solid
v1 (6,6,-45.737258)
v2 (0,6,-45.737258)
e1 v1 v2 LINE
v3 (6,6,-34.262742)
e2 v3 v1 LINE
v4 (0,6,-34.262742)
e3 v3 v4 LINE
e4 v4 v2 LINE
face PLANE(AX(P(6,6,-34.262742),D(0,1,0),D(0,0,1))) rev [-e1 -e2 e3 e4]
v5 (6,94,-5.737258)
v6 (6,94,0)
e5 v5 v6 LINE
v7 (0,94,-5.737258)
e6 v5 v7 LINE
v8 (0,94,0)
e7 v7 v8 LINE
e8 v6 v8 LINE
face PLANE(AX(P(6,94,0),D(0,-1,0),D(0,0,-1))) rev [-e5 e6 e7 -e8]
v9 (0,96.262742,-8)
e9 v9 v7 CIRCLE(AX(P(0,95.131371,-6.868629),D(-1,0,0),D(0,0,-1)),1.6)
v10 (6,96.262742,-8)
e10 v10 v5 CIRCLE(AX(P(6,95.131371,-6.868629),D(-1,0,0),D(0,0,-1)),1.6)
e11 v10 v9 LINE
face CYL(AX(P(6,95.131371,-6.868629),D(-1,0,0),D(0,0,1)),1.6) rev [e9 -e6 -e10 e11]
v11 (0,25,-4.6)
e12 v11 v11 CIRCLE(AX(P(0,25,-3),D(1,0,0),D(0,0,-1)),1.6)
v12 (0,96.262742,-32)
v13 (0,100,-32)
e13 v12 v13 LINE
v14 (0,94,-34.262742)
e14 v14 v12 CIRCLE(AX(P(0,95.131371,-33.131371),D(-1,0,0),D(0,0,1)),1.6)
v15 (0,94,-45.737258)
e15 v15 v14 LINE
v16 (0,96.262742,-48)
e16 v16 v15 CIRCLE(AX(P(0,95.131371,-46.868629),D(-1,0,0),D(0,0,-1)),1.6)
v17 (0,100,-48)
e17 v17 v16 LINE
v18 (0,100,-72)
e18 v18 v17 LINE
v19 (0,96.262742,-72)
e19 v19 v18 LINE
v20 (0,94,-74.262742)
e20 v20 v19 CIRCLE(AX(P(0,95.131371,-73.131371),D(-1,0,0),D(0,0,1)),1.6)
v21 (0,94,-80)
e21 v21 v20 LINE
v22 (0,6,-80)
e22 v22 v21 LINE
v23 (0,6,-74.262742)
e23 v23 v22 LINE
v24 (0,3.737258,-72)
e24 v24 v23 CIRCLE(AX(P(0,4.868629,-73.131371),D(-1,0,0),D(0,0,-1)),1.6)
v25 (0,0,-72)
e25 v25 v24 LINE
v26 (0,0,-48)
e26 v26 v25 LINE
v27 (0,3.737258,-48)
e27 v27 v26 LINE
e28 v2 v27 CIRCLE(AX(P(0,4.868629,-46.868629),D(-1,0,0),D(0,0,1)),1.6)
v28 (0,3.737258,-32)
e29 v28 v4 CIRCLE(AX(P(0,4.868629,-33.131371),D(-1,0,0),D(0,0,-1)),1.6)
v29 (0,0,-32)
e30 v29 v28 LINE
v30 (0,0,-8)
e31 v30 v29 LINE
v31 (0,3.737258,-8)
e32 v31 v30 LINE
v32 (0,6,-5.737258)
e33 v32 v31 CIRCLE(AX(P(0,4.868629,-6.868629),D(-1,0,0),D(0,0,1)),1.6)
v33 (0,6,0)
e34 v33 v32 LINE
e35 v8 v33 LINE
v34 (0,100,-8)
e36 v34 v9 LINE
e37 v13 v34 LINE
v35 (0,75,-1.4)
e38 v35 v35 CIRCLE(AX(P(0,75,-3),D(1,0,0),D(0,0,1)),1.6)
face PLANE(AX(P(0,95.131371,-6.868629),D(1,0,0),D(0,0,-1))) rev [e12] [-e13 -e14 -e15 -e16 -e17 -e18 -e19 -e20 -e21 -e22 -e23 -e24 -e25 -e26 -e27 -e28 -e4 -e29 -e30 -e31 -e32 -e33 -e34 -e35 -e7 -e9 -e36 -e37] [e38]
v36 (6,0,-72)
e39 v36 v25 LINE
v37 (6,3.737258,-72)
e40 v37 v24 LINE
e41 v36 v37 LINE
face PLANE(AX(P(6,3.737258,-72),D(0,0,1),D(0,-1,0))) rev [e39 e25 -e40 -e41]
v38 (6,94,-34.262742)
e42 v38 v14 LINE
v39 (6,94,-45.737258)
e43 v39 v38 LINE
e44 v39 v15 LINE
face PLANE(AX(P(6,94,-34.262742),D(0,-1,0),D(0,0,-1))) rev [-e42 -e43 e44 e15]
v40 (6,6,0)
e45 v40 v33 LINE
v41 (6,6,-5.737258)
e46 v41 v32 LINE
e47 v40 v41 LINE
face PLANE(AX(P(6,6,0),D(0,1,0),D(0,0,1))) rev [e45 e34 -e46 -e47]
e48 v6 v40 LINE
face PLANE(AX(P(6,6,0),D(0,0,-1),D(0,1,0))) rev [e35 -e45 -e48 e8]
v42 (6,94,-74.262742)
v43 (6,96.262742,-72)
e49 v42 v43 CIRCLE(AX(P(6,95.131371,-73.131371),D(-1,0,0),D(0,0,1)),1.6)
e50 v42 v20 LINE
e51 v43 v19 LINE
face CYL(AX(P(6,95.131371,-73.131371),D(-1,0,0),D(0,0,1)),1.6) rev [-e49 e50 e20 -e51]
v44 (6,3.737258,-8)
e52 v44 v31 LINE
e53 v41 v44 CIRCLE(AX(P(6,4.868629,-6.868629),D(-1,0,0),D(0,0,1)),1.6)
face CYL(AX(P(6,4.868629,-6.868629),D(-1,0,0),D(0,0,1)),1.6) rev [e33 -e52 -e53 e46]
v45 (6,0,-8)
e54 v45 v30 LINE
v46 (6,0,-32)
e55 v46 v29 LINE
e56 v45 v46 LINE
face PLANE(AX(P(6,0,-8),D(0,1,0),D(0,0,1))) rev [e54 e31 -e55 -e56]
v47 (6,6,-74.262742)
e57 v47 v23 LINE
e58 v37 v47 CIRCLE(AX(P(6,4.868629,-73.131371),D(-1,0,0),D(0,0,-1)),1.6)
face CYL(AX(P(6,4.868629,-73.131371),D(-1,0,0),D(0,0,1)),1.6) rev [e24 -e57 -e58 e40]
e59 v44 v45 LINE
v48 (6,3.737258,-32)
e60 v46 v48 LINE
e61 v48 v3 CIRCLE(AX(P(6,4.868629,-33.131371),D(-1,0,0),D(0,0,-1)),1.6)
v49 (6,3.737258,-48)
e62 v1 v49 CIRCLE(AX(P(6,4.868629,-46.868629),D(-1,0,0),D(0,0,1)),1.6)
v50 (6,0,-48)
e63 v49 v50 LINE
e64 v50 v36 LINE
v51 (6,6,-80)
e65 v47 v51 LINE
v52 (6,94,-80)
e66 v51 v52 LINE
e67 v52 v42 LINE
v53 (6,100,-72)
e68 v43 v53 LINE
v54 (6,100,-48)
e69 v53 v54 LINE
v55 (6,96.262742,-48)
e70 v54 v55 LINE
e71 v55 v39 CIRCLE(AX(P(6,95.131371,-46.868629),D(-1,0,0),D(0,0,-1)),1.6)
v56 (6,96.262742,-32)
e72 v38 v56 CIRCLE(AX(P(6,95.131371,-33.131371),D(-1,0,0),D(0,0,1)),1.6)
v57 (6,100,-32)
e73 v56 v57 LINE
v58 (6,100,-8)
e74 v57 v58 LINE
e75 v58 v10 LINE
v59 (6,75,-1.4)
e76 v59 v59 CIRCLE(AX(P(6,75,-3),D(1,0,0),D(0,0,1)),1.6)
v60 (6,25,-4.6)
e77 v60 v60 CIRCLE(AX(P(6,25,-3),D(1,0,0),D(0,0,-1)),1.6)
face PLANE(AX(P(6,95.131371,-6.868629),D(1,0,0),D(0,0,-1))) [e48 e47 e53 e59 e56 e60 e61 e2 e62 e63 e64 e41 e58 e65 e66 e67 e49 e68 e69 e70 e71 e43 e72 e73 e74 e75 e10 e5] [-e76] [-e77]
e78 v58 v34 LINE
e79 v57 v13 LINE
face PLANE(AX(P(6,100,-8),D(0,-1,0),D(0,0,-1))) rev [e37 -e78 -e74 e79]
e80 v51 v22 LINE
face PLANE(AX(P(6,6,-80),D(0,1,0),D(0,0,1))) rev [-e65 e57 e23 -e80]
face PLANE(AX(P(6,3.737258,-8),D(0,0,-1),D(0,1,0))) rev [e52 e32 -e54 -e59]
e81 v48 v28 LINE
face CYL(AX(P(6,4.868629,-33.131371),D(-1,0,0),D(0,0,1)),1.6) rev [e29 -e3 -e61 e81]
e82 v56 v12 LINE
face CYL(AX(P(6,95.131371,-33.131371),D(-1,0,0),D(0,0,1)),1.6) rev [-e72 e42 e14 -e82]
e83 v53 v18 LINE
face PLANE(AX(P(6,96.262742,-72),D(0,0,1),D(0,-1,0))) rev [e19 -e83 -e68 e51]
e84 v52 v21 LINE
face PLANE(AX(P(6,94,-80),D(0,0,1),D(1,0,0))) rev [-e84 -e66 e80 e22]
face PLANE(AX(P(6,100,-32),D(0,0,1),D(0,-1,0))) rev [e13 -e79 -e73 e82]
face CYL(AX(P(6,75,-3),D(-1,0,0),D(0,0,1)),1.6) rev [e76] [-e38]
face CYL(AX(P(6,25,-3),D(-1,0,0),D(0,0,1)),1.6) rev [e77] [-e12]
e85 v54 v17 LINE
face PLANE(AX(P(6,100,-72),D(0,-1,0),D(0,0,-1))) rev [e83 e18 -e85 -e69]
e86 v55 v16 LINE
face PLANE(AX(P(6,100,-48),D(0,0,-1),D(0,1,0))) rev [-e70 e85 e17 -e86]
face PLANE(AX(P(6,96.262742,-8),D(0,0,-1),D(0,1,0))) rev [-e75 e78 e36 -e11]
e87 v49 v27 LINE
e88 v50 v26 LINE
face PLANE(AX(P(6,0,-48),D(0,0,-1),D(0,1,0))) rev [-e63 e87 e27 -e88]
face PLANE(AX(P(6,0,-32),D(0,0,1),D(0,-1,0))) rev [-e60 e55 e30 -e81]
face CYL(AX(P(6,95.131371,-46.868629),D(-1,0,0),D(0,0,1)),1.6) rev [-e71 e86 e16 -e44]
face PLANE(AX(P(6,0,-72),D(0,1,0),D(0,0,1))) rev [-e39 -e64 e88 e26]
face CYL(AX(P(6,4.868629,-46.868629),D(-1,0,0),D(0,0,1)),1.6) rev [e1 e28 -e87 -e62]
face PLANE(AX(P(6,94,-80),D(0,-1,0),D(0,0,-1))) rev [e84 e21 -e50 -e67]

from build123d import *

# Parameters (mm, degrees)
ESQUISSE1_R      = 1.6
EXTRUSION1_DEPTH = 6


with BuildPart() as part:
    # Esquisse1 → Extrusion1 (new body)
    with BuildSketch(Plane(origin=(0, 0, 0), x_dir=(0, 0, -1), z_dir=(1, 0, 0))):
        with BuildLine():
            Line((0, 94), (5.7372583, 94))
            ThreePointArc((5.7372583, 94), (8, 94), (8, 96.2627417))
            Line((8, 96.2627417), (8, 100))
            Line((8, 100), (32, 100))
            Line((32, 100), (32, 96.2627417))
            ThreePointArc((32, 96.2627417), (32, 94), (34.2627417, 94))
            Line((34.2627417, 94), (45.7372583, 94))
            ThreePointArc((45.7372583, 94), (48, 94), (48, 96.2627417))
            Line((48, 96.2627417), (48, 100))
            Line((48, 100), (72, 100))
            Line((72, 100), (72, 96.2627417))
            ThreePointArc((72, 96.2627417), (72, 94), (74.2627417, 94))
            Line((74.2627417, 94), (80, 94))
            Line((80, 94), (80, 6))
            Line((80, 6), (74.2627417, 6))
            ThreePointArc((74.2627417, 6), (72, 6), (72, 3.7372583))
            Line((72, 3.7372583), (72, 0))
            Line((72, 0), (48, 0))
            Line((48, 0), (48, 3.7372583))
            ThreePointArc((48, 3.7372583), (48, 6), (45.7372583, 6))
            Line((45.7372583, 6), (34.2627417, 6))
            ThreePointArc((34.2627417, 6), (32, 6), (32, 3.7372583))
            Line((32, 3.7372583), (32, 0))
            Line((32, 0), (8, 0))
            Line((8, 0), (8, 3.7372583))
            ThreePointArc((8, 3.7372583), (8, 6), (5.7372583, 6))
            Line((5.7372583, 6), (0, 6))
            Line((0, 6), (0, 94))
        make_face()
        with Locations((3, 25)):
            Circle(ESQUISSE1_R, mode=Mode.SUBTRACT)
        with Locations(Location((3, 75, 0), (0, 0, 180))):  # turned: the seam where the file's is
            Circle(ESQUISSE1_R, mode=Mode.SUBTRACT)
    extrude(amount=EXTRUSION1_DEPTH)


solid = part.part
